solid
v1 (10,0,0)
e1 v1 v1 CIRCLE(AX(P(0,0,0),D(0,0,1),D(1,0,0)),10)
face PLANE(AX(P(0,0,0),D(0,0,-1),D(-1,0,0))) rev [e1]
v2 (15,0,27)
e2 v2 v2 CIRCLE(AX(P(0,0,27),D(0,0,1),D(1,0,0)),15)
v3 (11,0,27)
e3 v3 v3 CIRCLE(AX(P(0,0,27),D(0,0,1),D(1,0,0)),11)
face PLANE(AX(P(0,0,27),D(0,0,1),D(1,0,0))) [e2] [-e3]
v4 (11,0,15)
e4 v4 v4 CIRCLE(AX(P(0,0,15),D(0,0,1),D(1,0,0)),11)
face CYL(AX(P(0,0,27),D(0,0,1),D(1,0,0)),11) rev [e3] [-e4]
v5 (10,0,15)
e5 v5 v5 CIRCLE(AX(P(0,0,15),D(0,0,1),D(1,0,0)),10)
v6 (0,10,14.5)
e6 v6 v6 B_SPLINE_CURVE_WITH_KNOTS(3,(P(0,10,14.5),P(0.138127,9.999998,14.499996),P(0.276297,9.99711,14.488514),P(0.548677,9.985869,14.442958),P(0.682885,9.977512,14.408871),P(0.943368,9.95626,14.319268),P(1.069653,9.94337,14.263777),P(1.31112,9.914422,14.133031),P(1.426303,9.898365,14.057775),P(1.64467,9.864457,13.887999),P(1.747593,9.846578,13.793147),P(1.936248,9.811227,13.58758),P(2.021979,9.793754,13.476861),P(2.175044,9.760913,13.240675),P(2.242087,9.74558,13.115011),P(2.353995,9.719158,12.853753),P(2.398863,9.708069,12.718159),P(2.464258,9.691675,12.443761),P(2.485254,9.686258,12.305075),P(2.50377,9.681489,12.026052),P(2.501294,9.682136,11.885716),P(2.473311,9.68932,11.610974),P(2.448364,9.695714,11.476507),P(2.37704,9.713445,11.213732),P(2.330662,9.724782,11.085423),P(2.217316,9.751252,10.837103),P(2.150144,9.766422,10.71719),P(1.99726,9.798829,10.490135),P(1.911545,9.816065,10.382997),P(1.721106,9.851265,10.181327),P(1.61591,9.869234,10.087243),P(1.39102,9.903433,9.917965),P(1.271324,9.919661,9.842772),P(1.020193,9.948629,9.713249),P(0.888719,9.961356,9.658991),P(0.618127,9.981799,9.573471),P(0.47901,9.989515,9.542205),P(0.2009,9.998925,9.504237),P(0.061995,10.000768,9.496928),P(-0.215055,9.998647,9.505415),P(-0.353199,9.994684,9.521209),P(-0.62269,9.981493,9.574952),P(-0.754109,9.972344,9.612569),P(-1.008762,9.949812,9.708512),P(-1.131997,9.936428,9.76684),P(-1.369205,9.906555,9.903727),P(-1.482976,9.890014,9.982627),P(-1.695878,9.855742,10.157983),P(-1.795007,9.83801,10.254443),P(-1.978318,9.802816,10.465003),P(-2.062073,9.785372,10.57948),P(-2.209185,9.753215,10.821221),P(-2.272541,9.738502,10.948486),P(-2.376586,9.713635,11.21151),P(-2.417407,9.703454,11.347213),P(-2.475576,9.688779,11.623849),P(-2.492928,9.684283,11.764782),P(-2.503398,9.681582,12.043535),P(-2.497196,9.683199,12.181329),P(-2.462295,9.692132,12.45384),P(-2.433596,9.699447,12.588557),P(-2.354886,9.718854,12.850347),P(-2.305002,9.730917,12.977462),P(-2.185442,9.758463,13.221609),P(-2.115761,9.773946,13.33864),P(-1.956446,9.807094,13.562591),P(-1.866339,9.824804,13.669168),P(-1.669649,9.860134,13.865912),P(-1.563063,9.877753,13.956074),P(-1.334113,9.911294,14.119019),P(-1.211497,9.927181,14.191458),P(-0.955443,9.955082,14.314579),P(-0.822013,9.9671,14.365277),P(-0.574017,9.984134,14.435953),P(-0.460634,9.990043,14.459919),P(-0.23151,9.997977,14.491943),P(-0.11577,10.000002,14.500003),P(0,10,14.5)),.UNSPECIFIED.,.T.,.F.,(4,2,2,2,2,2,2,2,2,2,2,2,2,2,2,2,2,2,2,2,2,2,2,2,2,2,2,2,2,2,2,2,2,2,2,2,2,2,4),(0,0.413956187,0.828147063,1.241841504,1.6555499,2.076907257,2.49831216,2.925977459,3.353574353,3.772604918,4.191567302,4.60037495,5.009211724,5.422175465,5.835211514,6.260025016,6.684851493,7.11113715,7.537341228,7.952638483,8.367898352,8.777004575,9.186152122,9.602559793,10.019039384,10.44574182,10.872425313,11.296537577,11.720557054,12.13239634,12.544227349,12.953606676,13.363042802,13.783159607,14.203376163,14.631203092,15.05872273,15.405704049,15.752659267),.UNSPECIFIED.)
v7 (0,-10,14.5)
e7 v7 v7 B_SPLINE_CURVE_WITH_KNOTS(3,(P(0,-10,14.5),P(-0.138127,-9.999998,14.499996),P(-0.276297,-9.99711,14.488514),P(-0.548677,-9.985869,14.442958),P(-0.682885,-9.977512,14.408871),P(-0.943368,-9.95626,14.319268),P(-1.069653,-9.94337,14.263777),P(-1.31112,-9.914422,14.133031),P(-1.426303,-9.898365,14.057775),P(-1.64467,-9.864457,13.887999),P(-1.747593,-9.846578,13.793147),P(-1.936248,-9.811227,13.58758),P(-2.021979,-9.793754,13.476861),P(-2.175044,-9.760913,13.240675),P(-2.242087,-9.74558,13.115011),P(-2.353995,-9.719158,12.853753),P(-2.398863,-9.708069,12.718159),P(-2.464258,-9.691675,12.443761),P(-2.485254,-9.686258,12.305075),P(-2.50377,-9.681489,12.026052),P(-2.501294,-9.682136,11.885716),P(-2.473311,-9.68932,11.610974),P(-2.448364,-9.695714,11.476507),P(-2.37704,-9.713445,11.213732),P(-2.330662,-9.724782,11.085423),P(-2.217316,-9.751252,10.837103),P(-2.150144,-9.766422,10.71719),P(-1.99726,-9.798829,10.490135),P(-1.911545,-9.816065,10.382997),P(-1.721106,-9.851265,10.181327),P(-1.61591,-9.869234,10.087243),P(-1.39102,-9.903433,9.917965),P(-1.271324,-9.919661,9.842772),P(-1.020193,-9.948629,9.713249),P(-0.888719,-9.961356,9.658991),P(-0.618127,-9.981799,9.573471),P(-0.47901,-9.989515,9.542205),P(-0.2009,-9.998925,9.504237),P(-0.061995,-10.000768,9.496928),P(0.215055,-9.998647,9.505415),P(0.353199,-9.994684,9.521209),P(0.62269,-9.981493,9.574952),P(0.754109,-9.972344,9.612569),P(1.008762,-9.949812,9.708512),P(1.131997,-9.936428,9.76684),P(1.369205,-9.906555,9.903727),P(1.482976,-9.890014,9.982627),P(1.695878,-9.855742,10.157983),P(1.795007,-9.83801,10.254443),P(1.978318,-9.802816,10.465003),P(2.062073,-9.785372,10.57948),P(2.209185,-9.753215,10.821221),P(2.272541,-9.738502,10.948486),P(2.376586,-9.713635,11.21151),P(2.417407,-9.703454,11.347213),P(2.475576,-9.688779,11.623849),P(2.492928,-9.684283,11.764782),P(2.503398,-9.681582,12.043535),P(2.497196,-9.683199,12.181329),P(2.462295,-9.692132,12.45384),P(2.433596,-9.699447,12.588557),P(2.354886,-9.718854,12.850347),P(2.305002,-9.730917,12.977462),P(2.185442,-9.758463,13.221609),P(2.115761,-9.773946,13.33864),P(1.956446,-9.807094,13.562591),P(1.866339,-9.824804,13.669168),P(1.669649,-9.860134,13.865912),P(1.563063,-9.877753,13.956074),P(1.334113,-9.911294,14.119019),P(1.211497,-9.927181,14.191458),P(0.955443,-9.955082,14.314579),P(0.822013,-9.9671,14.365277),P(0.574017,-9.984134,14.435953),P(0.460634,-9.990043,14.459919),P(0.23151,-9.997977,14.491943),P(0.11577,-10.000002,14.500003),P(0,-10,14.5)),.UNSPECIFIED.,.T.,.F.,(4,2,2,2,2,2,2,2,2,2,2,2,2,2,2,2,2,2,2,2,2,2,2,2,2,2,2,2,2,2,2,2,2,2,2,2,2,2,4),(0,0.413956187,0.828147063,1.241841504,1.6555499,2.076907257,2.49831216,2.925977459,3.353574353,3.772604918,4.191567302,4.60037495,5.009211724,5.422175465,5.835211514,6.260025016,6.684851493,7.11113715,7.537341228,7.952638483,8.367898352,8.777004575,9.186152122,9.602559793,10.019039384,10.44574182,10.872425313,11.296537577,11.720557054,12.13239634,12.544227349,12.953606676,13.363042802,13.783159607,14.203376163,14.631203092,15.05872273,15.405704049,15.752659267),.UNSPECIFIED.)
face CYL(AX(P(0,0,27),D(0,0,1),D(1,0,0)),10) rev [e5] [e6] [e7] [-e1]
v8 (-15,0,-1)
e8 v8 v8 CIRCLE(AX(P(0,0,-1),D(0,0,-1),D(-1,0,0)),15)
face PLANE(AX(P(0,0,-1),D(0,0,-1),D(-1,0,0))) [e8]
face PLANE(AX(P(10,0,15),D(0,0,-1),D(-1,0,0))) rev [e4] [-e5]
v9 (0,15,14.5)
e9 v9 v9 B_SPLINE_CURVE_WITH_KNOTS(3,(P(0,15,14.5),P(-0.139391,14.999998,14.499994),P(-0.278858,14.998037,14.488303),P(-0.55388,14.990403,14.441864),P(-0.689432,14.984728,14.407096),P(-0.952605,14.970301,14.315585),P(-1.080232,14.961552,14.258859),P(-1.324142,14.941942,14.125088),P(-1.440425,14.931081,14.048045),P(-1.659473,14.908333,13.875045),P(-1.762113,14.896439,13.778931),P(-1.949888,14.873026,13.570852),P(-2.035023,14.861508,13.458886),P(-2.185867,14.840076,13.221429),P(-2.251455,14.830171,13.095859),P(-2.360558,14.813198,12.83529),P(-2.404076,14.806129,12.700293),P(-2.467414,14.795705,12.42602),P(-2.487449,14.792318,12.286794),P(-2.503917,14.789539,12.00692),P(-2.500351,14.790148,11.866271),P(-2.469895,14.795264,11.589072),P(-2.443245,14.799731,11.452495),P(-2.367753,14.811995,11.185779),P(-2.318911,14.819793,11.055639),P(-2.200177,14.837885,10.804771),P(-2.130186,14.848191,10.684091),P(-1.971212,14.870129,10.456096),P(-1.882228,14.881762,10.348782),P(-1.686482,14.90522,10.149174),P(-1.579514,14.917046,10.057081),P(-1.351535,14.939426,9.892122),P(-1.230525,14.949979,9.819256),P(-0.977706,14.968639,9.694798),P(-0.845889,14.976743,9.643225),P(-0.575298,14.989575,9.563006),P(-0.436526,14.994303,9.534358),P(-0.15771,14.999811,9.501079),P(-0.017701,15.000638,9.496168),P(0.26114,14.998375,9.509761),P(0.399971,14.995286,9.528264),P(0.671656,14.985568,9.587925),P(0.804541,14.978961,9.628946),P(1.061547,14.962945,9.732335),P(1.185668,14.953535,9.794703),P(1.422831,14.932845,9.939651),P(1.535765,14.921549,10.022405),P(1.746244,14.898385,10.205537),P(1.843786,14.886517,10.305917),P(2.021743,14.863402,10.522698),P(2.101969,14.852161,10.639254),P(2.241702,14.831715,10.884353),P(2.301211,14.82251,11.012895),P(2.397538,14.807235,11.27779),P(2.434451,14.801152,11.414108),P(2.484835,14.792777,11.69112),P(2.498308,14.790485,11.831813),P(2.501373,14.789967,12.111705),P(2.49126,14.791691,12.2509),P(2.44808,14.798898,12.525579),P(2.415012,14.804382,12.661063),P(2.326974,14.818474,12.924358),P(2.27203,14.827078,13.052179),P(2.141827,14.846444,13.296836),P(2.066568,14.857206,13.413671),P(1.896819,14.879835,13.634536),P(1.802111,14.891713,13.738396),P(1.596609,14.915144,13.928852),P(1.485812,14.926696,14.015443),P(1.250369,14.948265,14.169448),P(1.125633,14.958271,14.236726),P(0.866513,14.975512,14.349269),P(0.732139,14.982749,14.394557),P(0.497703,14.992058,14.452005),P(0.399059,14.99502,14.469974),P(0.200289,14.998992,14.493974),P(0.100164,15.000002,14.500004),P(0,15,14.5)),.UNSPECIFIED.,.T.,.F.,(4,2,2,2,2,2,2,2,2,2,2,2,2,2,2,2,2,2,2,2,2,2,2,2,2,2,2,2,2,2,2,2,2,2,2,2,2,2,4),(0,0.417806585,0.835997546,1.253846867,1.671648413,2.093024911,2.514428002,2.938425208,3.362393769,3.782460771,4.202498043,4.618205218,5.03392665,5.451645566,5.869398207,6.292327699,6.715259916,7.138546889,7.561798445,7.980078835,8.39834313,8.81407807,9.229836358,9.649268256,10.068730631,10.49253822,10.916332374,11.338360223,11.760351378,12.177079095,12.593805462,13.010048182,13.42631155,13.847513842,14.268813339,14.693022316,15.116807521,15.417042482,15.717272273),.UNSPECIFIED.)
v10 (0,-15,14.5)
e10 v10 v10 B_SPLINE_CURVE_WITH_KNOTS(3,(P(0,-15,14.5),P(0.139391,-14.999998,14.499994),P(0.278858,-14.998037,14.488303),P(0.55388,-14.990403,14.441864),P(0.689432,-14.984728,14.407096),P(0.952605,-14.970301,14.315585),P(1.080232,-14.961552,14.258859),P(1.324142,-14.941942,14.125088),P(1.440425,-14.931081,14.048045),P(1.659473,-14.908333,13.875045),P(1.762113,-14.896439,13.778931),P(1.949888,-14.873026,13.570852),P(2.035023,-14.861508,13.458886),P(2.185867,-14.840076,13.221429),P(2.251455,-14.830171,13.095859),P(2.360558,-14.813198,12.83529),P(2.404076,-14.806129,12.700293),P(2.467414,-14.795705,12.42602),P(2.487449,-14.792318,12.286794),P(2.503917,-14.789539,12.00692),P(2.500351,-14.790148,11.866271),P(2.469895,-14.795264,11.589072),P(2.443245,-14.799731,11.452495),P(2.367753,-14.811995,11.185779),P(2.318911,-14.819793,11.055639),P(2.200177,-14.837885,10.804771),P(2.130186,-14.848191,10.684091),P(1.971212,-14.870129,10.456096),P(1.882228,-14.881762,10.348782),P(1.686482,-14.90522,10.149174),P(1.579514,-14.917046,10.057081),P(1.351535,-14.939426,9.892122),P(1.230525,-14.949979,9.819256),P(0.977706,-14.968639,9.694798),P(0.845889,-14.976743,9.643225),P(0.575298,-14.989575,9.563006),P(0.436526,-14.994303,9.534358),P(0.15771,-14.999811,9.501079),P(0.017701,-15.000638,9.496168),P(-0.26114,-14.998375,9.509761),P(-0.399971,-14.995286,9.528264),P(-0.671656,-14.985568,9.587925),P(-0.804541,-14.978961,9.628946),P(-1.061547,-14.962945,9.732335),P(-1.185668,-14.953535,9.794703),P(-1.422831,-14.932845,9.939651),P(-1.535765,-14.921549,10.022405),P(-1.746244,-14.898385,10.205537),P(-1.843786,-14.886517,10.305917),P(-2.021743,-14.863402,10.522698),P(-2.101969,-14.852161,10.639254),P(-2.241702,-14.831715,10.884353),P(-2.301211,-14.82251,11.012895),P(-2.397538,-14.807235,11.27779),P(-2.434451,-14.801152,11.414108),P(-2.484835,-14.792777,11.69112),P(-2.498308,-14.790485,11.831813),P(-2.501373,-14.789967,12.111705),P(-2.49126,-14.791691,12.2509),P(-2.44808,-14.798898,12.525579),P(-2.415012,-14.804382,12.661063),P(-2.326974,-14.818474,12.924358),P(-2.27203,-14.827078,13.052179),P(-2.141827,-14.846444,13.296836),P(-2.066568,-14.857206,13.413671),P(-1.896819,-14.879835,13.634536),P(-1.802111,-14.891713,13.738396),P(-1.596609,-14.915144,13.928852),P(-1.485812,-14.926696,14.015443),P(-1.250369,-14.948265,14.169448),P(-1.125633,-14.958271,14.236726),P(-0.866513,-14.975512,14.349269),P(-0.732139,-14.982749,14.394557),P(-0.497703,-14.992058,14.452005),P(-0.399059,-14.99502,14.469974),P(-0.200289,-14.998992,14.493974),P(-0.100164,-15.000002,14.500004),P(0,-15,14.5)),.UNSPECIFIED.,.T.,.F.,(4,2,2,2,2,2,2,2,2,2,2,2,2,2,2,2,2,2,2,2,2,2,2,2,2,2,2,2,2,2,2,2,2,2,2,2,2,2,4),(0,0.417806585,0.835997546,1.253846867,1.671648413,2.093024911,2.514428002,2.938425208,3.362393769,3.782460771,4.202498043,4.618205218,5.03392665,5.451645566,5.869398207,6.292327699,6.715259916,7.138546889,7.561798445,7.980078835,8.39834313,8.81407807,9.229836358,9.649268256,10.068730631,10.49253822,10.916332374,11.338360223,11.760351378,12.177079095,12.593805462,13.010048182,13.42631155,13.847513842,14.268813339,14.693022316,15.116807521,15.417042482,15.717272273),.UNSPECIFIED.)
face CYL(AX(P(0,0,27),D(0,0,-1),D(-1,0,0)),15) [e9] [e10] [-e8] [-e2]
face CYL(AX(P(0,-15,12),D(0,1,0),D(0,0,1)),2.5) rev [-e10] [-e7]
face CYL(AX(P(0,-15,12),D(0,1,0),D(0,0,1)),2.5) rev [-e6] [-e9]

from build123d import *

# Parameters (mm, degrees)
SKETCH1_R                               = 15
BOSS_EXTRUDE1_DEPTH                     = 27
CBORE_FOR_M6_HEX_HEAD_BOLT1_D           = 20
CBORE_FOR_M6_HEX_HEAD_BOLT1_CBORE_D     = 22
CBORE_FOR_M6_HEX_HEAD_BOLT1_CBORE_DEPTH = 12
BOSS_EXTRUDE2_START                     = 1
SKETCH5_R                               = 15
BOSS_EXTRUDE2_DEPTH                     = 1
CUT_EXTRUDE1_DEPTH                      = 35.336569427
CUT_EXTRUDE1_DEPTH_BACK                 = 35.336569427
SKETCH4_R                               = 2.5


with BuildPart() as part:
    # Sketch1 → Boss-Extrude1 (new body)
    with BuildSketch(Plane.XY):
        Circle(SKETCH1_R)
    extrude(amount=BOSS_EXTRUDE1_DEPTH)

    # CBORE for M6 Hex Head Bolt1 (through all)
    with Locations(Plane.XY.offset(27)):
        with Locations((0, 0)):
            CounterBoreHole(CBORE_FOR_M6_HEX_HEAD_BOLT1_D / 2, CBORE_FOR_M6_HEX_HEAD_BOLT1_CBORE_D / 2, CBORE_FOR_M6_HEX_HEAD_BOLT1_CBORE_DEPTH)

    # Sketch5 → Boss-Extrude2 (add)
    with BuildSketch(Plane(origin=(0, 0, 0), x_dir=(-1, 0, 0), z_dir=(0, 0, -1)).offset(BOSS_EXTRUDE2_START)):
        Circle(SKETCH5_R)
    extrude(amount=-BOSS_EXTRUDE2_DEPTH)

    # Sketch4 → Cut-Extrude1 (cut, two sides: drawn at the far end of the back side and taken through both)
    with BuildSketch(Plane(origin=(0, 0, 0), x_dir=(1, 0, 0), z_dir=(0, 1, 0)).offset(-CUT_EXTRUDE1_DEPTH_BACK)):
        with Locations(Location((0, -12, 0), (0, 0, 270))):
            Circle(SKETCH4_R)
    extrude(amount=CUT_EXTRUDE1_DEPTH + CUT_EXTRUDE1_DEPTH_BACK, mode=Mode.SUBTRACT)


solid = part.part
